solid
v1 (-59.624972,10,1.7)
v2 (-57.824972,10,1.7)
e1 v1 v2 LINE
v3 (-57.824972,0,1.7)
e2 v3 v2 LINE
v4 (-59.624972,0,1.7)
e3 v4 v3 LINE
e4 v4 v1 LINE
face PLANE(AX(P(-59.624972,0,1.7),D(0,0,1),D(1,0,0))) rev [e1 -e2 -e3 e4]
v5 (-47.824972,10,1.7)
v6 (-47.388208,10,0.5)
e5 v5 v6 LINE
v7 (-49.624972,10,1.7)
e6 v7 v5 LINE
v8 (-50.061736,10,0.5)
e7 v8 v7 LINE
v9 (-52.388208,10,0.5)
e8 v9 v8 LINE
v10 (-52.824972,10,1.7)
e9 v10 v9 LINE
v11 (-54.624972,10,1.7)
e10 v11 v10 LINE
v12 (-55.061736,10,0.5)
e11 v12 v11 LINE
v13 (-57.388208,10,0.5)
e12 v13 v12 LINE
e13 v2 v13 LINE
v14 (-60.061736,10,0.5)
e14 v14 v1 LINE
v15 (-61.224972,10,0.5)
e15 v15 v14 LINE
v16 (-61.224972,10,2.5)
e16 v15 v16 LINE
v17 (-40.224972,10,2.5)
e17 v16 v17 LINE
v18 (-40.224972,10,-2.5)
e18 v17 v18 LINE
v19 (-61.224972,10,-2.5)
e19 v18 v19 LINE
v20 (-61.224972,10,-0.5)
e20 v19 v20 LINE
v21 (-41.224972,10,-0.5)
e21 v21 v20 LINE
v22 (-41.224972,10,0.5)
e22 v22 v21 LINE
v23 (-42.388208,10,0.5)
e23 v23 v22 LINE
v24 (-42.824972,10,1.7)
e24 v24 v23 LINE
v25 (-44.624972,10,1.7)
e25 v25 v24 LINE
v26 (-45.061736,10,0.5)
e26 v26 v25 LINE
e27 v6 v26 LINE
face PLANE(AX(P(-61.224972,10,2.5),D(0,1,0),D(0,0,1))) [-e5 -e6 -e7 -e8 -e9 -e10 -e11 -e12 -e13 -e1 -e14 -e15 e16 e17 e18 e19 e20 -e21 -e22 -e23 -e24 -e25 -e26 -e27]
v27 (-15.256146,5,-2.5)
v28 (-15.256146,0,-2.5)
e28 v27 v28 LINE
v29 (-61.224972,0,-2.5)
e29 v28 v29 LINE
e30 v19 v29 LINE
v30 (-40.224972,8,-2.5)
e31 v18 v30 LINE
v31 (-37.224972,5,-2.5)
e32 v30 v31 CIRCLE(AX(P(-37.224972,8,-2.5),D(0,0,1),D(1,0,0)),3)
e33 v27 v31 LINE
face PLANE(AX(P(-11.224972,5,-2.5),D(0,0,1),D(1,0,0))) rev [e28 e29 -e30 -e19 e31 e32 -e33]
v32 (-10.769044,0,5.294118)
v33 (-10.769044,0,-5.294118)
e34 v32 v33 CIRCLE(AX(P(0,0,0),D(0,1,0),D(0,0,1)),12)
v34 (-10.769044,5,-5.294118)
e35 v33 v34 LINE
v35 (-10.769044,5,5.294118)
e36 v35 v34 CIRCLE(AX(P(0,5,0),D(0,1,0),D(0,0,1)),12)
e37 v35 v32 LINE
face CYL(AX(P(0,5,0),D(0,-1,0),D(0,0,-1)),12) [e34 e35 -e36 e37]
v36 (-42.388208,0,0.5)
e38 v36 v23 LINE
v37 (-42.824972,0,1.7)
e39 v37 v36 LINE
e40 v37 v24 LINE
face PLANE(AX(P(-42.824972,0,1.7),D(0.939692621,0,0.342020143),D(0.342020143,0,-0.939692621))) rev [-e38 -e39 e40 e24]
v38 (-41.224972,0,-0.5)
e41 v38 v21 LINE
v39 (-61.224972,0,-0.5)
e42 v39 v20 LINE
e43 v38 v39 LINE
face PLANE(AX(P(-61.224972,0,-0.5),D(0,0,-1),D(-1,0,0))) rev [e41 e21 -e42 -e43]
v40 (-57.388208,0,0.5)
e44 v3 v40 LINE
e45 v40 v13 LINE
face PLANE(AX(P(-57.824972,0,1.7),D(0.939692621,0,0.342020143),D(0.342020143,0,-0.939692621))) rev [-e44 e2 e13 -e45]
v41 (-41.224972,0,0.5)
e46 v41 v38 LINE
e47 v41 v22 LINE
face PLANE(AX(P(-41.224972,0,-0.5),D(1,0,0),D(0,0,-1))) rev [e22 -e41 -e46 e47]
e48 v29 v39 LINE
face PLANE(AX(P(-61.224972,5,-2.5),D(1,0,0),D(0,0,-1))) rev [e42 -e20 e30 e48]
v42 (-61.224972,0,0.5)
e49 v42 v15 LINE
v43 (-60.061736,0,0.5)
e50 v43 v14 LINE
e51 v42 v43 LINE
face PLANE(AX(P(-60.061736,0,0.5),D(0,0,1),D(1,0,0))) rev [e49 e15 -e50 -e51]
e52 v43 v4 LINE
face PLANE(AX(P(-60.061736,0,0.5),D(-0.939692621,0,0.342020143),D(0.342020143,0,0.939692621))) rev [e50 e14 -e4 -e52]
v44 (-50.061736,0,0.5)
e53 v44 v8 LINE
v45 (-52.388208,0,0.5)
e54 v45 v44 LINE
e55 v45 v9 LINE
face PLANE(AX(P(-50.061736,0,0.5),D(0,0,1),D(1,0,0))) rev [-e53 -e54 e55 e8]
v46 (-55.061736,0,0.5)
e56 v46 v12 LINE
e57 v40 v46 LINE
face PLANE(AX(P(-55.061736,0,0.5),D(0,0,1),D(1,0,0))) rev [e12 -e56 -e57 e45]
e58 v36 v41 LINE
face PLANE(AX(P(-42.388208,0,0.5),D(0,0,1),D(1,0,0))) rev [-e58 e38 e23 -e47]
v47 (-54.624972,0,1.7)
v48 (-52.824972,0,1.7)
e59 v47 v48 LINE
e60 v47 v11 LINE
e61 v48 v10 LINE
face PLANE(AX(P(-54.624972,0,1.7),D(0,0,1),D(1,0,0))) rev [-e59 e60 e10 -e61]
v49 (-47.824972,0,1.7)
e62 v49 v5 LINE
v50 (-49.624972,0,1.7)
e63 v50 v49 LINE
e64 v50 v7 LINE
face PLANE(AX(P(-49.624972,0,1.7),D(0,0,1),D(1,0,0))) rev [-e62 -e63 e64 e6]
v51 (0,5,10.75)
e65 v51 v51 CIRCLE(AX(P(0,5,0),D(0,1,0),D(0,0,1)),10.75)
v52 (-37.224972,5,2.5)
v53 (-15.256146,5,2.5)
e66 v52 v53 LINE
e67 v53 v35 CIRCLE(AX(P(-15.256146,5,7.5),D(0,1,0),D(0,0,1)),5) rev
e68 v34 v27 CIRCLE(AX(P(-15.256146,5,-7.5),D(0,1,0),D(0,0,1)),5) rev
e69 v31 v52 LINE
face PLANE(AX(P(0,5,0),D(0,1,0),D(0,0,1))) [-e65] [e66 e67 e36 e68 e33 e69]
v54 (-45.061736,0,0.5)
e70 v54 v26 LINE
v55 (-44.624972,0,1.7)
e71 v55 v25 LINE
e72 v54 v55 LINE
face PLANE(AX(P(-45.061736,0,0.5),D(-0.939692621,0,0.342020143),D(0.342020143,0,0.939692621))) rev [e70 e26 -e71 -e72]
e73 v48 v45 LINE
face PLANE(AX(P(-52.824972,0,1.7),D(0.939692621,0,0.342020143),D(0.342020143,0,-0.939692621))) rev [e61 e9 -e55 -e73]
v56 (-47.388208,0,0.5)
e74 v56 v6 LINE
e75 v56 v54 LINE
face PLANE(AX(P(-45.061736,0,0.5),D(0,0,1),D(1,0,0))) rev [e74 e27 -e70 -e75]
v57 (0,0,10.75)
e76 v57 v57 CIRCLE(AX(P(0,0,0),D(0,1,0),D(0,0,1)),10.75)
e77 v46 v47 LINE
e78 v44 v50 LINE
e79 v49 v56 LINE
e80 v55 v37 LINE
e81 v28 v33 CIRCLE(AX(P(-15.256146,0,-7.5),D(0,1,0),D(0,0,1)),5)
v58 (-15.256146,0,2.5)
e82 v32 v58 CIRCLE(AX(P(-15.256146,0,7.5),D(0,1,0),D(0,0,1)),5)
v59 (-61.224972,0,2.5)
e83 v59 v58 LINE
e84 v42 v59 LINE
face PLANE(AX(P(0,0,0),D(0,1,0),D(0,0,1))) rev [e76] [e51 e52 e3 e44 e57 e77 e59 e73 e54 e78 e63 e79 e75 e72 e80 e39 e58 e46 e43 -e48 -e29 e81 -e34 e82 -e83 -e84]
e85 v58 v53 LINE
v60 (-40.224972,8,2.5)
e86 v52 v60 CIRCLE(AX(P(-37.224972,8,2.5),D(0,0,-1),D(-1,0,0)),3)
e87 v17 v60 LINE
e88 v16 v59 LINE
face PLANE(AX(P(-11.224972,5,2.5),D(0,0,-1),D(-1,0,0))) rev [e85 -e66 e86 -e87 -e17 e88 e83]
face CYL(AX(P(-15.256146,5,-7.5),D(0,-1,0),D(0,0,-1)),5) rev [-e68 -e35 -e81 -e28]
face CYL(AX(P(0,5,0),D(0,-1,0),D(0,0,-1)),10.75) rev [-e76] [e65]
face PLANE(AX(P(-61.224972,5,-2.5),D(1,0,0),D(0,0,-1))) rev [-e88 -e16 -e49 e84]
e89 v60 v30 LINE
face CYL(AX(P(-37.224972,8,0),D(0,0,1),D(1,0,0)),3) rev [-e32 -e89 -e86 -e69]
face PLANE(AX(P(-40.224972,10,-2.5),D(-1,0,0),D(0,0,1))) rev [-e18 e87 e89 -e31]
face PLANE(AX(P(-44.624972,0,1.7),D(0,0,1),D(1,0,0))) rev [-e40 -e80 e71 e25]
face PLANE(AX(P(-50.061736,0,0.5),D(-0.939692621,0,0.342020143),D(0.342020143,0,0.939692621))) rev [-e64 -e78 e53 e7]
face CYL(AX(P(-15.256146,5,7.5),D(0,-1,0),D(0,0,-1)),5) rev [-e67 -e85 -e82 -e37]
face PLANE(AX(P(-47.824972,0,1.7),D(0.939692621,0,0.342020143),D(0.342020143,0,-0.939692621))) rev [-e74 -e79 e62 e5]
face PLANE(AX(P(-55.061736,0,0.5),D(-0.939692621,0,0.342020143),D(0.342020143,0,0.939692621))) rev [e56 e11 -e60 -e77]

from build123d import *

# Parameters (mm, degrees)
SKETCH_1_R               = 12
SKETCH_1_R_2             = 10.75
RING_DEPTH               = 5
SKETCH_2_W               = 50
SKETCH_2_H               = 5
STICK_DEPTH              = 5
SKETCH_3_W               = 21
SKETCH_3_H               = 5
KEY_DEPTH                = 10
FILLET_1_R               = 5
FILLET_5_R               = 3
CUT_EXTRUDE_1_DEPTH      = 63.839058045
CUT_EXTRUDE_1_DEPTH_BACK = 63.839058045


with BuildPart() as part:
    # Эскиз1 → ring (new body)
    with BuildSketch(Plane(origin=(0, 0, 0), x_dir=(1, 0, 0), z_dir=(0, 1, 0))):
        with Locations(Location((0, 0, 0), (0, 0, 270))):
            Circle(SKETCH_1_R)
        with Locations(Location((0, 0, 0), (0, 0, 270))):
            Circle(SKETCH_1_R_2, mode=Mode.SUBTRACT)
    extrude(amount=RING_DEPTH)

    # Эскиз2 → stick (add)
    with BuildSketch(Plane(origin=(0, 0, 0), x_dir=(1, 0, 0), z_dir=(0, 1, 0))):
        with Locations((-36.22497216, 0)):
            Rectangle(SKETCH_2_W, SKETCH_2_H)
    extrude(amount=STICK_DEPTH)

    # Эскиз3 → key (add)
    with BuildSketch(Plane(origin=(0, 0, 0), x_dir=(1, 0, 0), z_dir=(0, 1, 0))):
        with Locations((-50.72497216, 0)):
            Rectangle(SKETCH_3_W, SKETCH_3_H)
    extrude(amount=KEY_DEPTH)

    # Скругление1
    fillet_1_edges = [part.edges().sort_by_distance(p)[0] for p in [
        (-11.736694594, 2.5, 2.5),
        (-11.736694594, 2.5, -2.5),
    ]]
    fillet(fillet_1_edges, radius=FILLET_1_R)

    # Скругление5
    fillet_5_edges = [part.edges().sort_by_distance(p)[0] for p in [
        (-40.22497216, 5, 0),
    ]]
    fillet(fillet_5_edges, radius=FILLET_5_R)

    # Эскиз4 → Вытянуть1 (cut, two sides: drawn at the far end of the back side and taken through both)
    with BuildSketch(Plane(origin=(0, 2.5, 0), x_dir=(1, 0, 0), z_dir=(0, 1, 0)).offset(-CUT_EXTRUDE_1_DEPTH_BACK)):
        Polygon((-61.22497216, 0.5), (-41.22497216, 0.5), (-41.22497216, -0.5), (-42.388207879, -0.5), (-42.82497216, -1.7), (-44.62497216, -1.7), (-45.061736441, -0.5), (-46.22497216, -0.5), (-47.388207879, -0.5), (-47.82497216, -1.7), (-49.62497216, -1.7), (-50.061736441, -0.5), (-51.22497216, -0.5), (-52.388207879, -0.5), (-52.82497216, -1.7), (-54.62497216, -1.7), (-55.061736441, -0.5), (-56.22497216, -0.5), (-57.388207879, -0.5), (-57.82497216, -1.7), (-59.62497216, -1.7), (-60.061736441, -0.5), (-61.22497216, -0.5), align=None)
    extrude(amount=CUT_EXTRUDE_1_DEPTH + CUT_EXTRUDE_1_DEPTH_BACK, mode=Mode.SUBTRACT)


solid = part.part
